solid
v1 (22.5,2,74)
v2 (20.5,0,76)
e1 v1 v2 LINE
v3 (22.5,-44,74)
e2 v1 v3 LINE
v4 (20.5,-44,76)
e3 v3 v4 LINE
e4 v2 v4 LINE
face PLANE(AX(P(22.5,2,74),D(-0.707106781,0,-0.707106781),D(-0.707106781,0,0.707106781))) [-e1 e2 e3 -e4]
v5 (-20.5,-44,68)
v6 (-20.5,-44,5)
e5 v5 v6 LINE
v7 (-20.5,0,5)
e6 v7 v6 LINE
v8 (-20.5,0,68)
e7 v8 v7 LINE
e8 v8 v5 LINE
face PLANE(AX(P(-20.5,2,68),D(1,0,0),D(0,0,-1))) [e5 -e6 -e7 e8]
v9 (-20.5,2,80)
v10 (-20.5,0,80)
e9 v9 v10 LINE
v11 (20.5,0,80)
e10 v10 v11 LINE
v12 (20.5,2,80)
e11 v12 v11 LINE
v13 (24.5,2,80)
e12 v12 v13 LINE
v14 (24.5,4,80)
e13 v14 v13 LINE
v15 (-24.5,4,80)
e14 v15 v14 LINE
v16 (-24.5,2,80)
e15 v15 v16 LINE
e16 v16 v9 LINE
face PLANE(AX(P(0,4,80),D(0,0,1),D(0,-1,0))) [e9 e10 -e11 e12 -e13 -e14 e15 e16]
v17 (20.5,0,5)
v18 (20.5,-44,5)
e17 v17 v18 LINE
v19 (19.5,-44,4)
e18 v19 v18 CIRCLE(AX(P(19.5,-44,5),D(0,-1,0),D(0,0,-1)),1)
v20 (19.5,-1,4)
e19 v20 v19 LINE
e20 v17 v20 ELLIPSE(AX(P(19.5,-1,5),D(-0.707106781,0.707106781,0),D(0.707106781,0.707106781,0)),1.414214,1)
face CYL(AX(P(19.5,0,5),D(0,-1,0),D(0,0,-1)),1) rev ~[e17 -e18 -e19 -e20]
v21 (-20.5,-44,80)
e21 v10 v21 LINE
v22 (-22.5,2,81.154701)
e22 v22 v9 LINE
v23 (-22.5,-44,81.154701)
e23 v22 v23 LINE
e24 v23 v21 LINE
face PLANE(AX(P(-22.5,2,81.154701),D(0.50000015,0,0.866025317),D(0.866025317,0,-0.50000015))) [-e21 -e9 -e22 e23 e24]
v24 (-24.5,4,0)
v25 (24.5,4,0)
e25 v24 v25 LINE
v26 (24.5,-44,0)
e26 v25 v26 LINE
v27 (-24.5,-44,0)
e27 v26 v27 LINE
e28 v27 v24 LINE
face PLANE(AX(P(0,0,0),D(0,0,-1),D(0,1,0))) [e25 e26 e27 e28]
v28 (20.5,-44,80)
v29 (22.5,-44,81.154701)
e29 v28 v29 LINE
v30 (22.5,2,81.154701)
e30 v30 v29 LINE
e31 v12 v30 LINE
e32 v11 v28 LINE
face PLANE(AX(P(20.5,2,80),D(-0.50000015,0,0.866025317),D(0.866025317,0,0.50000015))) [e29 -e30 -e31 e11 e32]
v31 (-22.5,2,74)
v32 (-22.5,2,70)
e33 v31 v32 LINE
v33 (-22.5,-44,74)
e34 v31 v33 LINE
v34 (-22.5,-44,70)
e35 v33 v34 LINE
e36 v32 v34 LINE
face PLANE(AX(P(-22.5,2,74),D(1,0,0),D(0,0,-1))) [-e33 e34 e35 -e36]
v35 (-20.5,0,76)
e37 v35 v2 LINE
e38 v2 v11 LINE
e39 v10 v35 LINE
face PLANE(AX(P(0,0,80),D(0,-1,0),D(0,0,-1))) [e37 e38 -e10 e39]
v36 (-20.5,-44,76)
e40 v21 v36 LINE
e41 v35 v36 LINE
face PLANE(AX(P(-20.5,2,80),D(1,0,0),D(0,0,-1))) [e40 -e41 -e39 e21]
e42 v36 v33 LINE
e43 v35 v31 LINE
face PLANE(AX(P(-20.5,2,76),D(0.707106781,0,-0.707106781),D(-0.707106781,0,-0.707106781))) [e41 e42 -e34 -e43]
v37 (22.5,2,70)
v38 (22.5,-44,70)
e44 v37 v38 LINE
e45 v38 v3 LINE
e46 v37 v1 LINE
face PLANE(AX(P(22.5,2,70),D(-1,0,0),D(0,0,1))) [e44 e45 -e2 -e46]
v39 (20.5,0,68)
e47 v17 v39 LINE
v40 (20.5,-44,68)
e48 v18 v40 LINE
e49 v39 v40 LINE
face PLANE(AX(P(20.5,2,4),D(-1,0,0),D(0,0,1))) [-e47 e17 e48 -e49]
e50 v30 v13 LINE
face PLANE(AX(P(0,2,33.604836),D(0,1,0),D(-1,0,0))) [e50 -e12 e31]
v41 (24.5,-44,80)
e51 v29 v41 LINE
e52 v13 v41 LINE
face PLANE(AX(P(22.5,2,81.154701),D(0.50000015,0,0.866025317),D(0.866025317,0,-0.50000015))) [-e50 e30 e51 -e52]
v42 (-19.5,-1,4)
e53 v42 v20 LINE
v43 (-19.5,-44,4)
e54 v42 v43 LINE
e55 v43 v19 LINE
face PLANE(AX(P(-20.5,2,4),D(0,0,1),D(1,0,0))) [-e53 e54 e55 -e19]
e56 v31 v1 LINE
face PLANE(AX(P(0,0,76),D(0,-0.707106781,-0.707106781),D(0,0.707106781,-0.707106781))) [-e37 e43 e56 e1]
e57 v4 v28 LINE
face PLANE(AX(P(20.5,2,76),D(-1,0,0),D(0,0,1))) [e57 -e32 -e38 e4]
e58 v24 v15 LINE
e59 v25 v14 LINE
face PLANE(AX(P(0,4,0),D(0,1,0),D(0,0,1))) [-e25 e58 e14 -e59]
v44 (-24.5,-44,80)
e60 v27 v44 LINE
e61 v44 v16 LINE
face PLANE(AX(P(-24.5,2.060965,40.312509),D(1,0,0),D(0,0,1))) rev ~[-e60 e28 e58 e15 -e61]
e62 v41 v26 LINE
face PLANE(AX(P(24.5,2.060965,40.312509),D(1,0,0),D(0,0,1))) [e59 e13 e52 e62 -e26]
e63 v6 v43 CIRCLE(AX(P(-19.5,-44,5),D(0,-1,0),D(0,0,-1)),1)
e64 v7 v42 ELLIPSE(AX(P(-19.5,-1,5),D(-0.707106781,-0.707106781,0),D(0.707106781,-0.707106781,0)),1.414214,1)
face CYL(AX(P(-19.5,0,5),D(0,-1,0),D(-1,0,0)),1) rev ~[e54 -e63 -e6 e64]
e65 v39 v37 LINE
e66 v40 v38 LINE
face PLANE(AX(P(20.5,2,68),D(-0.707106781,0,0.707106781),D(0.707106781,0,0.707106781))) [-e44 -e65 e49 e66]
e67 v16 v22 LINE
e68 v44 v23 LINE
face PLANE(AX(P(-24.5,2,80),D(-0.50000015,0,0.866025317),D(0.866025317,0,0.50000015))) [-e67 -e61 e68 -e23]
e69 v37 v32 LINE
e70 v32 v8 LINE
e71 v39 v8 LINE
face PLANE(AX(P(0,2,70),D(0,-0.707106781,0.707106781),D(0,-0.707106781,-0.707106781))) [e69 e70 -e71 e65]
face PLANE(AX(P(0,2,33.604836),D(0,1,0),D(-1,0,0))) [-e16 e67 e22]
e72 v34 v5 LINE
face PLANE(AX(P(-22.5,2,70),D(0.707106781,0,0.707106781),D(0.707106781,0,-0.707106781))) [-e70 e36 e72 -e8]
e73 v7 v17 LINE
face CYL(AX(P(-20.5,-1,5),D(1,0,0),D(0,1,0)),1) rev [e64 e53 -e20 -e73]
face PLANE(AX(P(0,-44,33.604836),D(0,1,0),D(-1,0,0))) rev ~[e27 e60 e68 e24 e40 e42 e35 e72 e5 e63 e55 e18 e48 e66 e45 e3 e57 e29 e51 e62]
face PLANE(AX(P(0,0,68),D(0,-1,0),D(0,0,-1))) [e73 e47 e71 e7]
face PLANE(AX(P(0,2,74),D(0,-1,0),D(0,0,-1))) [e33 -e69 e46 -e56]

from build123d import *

# Parameters (mm, degrees)
EXTRUDE001_DEPTH = 24.5
EXTRUDE_DEPTH    = 46
FILLET001_R      = 1


with BuildPart() as extrude001:
    # Sketch002 (on Sketch) → Extrude001 (new body, symmetric)
    with BuildSketch(Plane(origin=(0, 0, 0), x_dir=(0, 0, 1), z_dir=(1, 0, 0))):
        Polygon((0, 0), (0, -4), (68, -4), (80, -4), (80, 0), (76, 0), (74, -2), (70, -2), (68, 0), align=None)
    extrude(amount=EXTRUDE001_DEPTH, both=True)


with BuildPart() as bin_holder:
    # Sketch001 → Extrude (new body)
    with BuildSketch(Plane.XZ):
        Polygon((24.5, 0), (-24.5, 0), (-24.5, 80), (-22.5, 81.154701), (-20.5, 80), (-20.5, 76), (-22.5, 74), (-22.5, 70), (-20.5, 68), (-20.5, 4), (20.5, 4), (20.5, 68), (22.5, 70), (22.5, 74), (20.5, 76), (20.5, 80), (22.5, 81.154701), (24.5, 80), align=None)
    extrude(amount=EXTRUDE_DEPTH)


with BuildPart() as bin_holder_1:
    # Extrude placement: moved
    add(bin_holder.part.moved(Location((0, 2, 0))))

    # Fusion: union Extrude001
    add(extrude001.part)

    # Fillet001
    fillet001_edges = [bin_holder_1.edges().sort_by_distance(p)[0] for p in [
        (-20.5, -22, 4),
        (0, 0, 4),
        (20.5, -22, 4),
    ]]
    fillet(fillet001_edges, radius=FILLET001_R)


solid = bin_holder_1.part
